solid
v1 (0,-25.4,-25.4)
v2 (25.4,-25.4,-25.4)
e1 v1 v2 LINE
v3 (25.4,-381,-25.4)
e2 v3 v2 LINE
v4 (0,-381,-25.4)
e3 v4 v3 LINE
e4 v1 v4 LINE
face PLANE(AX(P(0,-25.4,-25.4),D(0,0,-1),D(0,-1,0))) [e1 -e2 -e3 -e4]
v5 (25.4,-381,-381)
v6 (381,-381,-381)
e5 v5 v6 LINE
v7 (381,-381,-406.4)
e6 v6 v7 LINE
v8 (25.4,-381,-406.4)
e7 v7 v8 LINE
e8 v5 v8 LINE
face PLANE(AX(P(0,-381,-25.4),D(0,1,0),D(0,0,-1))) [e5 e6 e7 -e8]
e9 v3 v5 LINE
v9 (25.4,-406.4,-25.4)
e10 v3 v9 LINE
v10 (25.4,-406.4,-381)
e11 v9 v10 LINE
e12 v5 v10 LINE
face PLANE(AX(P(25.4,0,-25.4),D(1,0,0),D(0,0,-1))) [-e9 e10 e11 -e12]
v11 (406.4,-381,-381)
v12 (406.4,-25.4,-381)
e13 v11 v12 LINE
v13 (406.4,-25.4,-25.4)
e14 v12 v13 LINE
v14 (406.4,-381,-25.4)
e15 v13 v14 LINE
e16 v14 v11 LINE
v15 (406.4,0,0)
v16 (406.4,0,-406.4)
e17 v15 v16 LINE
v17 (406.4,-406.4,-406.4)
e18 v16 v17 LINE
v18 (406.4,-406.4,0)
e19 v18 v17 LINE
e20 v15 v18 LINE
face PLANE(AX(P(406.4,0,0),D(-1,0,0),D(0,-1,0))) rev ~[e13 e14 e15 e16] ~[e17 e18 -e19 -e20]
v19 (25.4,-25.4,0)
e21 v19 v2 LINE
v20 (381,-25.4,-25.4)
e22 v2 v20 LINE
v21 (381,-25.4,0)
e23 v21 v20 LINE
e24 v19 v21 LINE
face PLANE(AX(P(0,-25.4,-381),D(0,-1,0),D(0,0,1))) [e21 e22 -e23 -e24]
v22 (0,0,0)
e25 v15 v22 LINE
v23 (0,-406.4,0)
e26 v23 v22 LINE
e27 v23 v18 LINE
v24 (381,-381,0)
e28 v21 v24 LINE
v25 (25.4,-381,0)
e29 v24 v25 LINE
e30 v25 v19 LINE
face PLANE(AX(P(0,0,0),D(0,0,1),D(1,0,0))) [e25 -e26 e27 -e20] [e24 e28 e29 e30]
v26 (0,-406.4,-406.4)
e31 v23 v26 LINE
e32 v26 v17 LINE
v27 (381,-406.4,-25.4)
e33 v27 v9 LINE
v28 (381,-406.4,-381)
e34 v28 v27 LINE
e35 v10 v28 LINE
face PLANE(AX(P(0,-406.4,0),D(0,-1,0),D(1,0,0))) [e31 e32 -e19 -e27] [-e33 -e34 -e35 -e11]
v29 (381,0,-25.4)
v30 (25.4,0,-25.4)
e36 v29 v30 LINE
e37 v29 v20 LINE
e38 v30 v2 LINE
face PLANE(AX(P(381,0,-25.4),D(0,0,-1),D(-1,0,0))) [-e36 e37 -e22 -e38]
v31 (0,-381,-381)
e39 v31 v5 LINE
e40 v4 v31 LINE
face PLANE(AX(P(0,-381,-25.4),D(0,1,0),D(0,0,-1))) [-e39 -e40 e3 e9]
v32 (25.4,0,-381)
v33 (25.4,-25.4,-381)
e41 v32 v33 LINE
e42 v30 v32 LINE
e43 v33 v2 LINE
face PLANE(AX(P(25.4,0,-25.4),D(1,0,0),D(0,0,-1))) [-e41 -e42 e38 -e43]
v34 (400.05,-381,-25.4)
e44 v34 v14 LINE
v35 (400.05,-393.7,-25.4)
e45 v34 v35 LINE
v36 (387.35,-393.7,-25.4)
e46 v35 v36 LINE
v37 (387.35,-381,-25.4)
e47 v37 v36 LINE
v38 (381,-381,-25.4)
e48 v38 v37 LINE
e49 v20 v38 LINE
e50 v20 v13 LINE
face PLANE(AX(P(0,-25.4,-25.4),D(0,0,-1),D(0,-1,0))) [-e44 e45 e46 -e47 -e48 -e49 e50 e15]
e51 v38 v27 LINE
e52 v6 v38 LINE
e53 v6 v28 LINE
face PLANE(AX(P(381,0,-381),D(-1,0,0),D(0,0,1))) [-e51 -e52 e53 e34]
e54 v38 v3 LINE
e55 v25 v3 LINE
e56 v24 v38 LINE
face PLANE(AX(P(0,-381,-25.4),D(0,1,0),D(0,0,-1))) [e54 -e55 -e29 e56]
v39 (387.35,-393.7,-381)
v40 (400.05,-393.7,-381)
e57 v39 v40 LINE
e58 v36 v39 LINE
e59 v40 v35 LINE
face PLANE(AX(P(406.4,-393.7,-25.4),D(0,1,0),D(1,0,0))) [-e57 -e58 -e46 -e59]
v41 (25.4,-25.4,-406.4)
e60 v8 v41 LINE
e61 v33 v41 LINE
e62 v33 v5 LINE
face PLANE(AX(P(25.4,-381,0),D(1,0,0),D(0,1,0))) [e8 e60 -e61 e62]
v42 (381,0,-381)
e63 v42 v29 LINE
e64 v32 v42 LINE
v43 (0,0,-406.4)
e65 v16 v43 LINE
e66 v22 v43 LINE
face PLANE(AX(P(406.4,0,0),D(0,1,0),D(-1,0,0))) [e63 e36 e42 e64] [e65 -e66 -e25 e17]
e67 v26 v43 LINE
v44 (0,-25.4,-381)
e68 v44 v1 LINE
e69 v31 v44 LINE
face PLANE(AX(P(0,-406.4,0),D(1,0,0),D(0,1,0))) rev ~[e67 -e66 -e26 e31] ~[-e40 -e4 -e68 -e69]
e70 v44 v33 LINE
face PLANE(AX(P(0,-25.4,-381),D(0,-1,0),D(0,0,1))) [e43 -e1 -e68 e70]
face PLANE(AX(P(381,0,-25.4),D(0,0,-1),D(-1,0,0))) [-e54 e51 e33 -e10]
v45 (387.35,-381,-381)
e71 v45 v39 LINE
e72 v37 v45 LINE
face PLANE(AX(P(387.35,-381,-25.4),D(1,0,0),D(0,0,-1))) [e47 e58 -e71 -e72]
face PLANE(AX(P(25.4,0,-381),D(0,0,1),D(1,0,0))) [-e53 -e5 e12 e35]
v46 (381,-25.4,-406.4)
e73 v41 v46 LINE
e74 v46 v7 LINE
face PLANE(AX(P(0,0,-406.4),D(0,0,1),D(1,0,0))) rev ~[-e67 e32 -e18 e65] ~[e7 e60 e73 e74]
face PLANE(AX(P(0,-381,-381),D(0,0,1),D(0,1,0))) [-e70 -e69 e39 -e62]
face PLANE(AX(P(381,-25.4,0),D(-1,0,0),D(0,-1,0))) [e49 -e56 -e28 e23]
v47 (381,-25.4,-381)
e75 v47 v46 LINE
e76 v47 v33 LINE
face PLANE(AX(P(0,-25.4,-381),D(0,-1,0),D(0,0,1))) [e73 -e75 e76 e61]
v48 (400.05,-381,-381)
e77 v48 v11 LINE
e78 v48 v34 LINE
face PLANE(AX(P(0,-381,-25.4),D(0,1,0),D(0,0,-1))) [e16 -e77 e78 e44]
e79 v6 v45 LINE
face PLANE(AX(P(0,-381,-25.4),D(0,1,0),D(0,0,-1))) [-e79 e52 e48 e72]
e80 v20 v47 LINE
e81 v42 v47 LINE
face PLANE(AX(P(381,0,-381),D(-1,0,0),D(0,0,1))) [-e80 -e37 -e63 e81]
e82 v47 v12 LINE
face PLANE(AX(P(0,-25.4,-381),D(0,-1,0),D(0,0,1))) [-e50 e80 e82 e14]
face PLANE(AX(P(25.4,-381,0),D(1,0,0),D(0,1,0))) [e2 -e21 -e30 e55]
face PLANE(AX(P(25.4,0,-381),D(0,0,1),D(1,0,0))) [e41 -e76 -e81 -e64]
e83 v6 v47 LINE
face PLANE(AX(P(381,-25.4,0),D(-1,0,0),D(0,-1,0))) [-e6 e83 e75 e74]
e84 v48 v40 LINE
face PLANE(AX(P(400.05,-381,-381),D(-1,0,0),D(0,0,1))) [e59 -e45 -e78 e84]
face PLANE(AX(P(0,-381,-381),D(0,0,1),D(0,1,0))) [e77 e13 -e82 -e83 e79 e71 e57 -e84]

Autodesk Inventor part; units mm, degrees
ref_plane "YZ Plane" through (0, 0, 0) normal (1, 0, 0) x (0, 1, 0)
ref_plane "XZ Plane" through (0, 0, 0) normal (0, 1, 0) x (-1, 0, 0)
ref_plane "XY Plane" through (0, 0, 0) normal (0, 0, 1) x (1, 0, 0)
sketch "Sketch3" plane through (0, 0, 0) normal (0, 0, 1) x (1, 0, 0)
  line L0 (0, 0) -> (812.8, 0) construction
  line L1 (812.8, 0) -> (812.8, -406.4) construction
  line L2 (812.8, -406.4) -> (0, -406.4) construction
  line L3 (0, -406.4) -> (0, 0) construction
  line L4 (406.4, 0) -> (0, 0)
  line L5 (0, -406.4) -> (0, 0)
  line L6 (0, -406.4) -> (406.4, -406.4)
  line L7 (406.4, 0) -> (406.4, -406.4)
  dimension "d88" = 812.8
extrude "Extrusion2" add sketch "Sketch3" against normal blind 406.4
sketch "Sketch4" plane through (0, 0, 0) normal (0, 0, 1) x (1, 0, 0)
  line L0 (0, 0) -> (406.4, 0) projected
  line L1 (0, 0) -> (812.8, 0) construction
  line L2 (812.8, 0) -> (812.8, -406.4) construction
  line L3 (812.8, -406.4) -> (0, -406.4) construction
  line L4 (0, -406.4) -> (0, 0) construction
  line L5 (0, 0) -> (25.4, 0)
  line L6 (25.4, 0) -> (25.4, -25.4)
  line L7 (25.4, -25.4) -> (0, -25.4)
  line L8 (0, -25.4) -> (0, 0)
  line L9 (25.4, -25.4) -> (381, -25.4)
  line L10 (381, -25.4) -> (381, -381)
  line L11 (381, -381) -> (25.4, -381)
  line L12 (25.4, -381) -> (25.4, -25.4)
  dimension "d95" = 812.8
  dimension "d102" = 25.4
  dimension "d103" = 25.4
  dimension "d104" = 355.6
  dimension "d105" = 355.6
extrude "Extrusion3" cut sketch "Sketch4" against normal blind 406.4 contours L9 L10 L11 L12
sketch "Sketch5" plane through (0, -406.4, 0) normal (-1, 0, 0) x (0, 0, 1)
  line L0 (0, 406.4) -> (-406.4, 406.4) projected
  line L1 (-406.4, 406.4) -> (-381, 406.4)
  line L2 (-381, 406.4) -> (-381, 381)
  line L3 (-381, 381) -> (-406.4, 381)
  line L4 (-406.4, 381) -> (-406.4, 406.4)
  line L5 (-381, 381) -> (-25.4, 381)
  line L6 (-25.4, 381) -> (-25.4, 25.4)
  line L7 (-25.4, 25.4) -> (-381, 25.4)
  line L8 (-381, 25.4) -> (-381, 381)
  dimension "d108" = 25.4
  dimension "d109" = 25.4
  dimension "d110" = 355.6
  dimension "d111" = 355.6
extrude "Extrusion4" cut sketch "Sketch5" against normal blind 406.4 contours L5 L6 L7 L8
sketch "Sketch6" plane through (0, 0, 0) normal (0, 1, 0) x (1, 0, 0)
  line L0 (0, 406.4) -> (406.4, 406.4) projected
  line L1 (0, 406.4) -> (25.4, 406.4)
  line L2 (25.4, 406.4) -> (25.4, 381)
  line L3 (25.4, 381) -> (0, 381)
  line L4 (0, 381) -> (0, 406.4)
  line L5 (25.4, 381) -> (381, 381)
  line L6 (381, 381) -> (381, 25.4)
  line L7 (381, 25.4) -> (25.4, 25.4)
  line L8 (25.4, 25.4) -> (25.4, 381)
  point P0 (0, 0)
  dimension "d114" = 25.4
  dimension "d115" = 25.4
  dimension "d116" = 355.6
  dimension "d117" = 355.6
extrude "Extrusion5" cut sketch "Sketch6" against normal blind 406.4 contours L5 L6 L7 L8
sketch "Sketch7" plane through (0, 0, 0) normal (0, 0, 1) x (1, 0, 0)
  point P0 (0, 0)
sketch "Sketch8" plane through (406.4, -381, -25.4) normal (0, 1, 0) x (1, 0, 0)
  line L0 (-381, 0) -> (-25.4, 0) projected
  line L1 (-25.4, 0) -> (-12.7, 0)
  line L2 (-25.4, 0) -> (0, 0) projected
  line L3 (0, 0) -> (-12.7, 0)
  line L4 (-25.4, 355.6) -> (0, 355.6) projected
  line L5 (-6.35, 0) -> (-19.05, 0)
  line L6 (-19.05, 0) -> (-19.05, 355.6)
  line L7 (-19.05, 355.6) -> (-6.35, 355.6)
  line L8 (-6.35, 355.6) -> (-6.35, 0)
  point P0 (-406.4, -25.4)
  point P1 (-19.05, 0)
  dimension "d120" = 12.7
extrude "Extrusion6" cut sketch "Sketch8" against normal blind 12.7
properties part number "JukeBox Metal Frame"
